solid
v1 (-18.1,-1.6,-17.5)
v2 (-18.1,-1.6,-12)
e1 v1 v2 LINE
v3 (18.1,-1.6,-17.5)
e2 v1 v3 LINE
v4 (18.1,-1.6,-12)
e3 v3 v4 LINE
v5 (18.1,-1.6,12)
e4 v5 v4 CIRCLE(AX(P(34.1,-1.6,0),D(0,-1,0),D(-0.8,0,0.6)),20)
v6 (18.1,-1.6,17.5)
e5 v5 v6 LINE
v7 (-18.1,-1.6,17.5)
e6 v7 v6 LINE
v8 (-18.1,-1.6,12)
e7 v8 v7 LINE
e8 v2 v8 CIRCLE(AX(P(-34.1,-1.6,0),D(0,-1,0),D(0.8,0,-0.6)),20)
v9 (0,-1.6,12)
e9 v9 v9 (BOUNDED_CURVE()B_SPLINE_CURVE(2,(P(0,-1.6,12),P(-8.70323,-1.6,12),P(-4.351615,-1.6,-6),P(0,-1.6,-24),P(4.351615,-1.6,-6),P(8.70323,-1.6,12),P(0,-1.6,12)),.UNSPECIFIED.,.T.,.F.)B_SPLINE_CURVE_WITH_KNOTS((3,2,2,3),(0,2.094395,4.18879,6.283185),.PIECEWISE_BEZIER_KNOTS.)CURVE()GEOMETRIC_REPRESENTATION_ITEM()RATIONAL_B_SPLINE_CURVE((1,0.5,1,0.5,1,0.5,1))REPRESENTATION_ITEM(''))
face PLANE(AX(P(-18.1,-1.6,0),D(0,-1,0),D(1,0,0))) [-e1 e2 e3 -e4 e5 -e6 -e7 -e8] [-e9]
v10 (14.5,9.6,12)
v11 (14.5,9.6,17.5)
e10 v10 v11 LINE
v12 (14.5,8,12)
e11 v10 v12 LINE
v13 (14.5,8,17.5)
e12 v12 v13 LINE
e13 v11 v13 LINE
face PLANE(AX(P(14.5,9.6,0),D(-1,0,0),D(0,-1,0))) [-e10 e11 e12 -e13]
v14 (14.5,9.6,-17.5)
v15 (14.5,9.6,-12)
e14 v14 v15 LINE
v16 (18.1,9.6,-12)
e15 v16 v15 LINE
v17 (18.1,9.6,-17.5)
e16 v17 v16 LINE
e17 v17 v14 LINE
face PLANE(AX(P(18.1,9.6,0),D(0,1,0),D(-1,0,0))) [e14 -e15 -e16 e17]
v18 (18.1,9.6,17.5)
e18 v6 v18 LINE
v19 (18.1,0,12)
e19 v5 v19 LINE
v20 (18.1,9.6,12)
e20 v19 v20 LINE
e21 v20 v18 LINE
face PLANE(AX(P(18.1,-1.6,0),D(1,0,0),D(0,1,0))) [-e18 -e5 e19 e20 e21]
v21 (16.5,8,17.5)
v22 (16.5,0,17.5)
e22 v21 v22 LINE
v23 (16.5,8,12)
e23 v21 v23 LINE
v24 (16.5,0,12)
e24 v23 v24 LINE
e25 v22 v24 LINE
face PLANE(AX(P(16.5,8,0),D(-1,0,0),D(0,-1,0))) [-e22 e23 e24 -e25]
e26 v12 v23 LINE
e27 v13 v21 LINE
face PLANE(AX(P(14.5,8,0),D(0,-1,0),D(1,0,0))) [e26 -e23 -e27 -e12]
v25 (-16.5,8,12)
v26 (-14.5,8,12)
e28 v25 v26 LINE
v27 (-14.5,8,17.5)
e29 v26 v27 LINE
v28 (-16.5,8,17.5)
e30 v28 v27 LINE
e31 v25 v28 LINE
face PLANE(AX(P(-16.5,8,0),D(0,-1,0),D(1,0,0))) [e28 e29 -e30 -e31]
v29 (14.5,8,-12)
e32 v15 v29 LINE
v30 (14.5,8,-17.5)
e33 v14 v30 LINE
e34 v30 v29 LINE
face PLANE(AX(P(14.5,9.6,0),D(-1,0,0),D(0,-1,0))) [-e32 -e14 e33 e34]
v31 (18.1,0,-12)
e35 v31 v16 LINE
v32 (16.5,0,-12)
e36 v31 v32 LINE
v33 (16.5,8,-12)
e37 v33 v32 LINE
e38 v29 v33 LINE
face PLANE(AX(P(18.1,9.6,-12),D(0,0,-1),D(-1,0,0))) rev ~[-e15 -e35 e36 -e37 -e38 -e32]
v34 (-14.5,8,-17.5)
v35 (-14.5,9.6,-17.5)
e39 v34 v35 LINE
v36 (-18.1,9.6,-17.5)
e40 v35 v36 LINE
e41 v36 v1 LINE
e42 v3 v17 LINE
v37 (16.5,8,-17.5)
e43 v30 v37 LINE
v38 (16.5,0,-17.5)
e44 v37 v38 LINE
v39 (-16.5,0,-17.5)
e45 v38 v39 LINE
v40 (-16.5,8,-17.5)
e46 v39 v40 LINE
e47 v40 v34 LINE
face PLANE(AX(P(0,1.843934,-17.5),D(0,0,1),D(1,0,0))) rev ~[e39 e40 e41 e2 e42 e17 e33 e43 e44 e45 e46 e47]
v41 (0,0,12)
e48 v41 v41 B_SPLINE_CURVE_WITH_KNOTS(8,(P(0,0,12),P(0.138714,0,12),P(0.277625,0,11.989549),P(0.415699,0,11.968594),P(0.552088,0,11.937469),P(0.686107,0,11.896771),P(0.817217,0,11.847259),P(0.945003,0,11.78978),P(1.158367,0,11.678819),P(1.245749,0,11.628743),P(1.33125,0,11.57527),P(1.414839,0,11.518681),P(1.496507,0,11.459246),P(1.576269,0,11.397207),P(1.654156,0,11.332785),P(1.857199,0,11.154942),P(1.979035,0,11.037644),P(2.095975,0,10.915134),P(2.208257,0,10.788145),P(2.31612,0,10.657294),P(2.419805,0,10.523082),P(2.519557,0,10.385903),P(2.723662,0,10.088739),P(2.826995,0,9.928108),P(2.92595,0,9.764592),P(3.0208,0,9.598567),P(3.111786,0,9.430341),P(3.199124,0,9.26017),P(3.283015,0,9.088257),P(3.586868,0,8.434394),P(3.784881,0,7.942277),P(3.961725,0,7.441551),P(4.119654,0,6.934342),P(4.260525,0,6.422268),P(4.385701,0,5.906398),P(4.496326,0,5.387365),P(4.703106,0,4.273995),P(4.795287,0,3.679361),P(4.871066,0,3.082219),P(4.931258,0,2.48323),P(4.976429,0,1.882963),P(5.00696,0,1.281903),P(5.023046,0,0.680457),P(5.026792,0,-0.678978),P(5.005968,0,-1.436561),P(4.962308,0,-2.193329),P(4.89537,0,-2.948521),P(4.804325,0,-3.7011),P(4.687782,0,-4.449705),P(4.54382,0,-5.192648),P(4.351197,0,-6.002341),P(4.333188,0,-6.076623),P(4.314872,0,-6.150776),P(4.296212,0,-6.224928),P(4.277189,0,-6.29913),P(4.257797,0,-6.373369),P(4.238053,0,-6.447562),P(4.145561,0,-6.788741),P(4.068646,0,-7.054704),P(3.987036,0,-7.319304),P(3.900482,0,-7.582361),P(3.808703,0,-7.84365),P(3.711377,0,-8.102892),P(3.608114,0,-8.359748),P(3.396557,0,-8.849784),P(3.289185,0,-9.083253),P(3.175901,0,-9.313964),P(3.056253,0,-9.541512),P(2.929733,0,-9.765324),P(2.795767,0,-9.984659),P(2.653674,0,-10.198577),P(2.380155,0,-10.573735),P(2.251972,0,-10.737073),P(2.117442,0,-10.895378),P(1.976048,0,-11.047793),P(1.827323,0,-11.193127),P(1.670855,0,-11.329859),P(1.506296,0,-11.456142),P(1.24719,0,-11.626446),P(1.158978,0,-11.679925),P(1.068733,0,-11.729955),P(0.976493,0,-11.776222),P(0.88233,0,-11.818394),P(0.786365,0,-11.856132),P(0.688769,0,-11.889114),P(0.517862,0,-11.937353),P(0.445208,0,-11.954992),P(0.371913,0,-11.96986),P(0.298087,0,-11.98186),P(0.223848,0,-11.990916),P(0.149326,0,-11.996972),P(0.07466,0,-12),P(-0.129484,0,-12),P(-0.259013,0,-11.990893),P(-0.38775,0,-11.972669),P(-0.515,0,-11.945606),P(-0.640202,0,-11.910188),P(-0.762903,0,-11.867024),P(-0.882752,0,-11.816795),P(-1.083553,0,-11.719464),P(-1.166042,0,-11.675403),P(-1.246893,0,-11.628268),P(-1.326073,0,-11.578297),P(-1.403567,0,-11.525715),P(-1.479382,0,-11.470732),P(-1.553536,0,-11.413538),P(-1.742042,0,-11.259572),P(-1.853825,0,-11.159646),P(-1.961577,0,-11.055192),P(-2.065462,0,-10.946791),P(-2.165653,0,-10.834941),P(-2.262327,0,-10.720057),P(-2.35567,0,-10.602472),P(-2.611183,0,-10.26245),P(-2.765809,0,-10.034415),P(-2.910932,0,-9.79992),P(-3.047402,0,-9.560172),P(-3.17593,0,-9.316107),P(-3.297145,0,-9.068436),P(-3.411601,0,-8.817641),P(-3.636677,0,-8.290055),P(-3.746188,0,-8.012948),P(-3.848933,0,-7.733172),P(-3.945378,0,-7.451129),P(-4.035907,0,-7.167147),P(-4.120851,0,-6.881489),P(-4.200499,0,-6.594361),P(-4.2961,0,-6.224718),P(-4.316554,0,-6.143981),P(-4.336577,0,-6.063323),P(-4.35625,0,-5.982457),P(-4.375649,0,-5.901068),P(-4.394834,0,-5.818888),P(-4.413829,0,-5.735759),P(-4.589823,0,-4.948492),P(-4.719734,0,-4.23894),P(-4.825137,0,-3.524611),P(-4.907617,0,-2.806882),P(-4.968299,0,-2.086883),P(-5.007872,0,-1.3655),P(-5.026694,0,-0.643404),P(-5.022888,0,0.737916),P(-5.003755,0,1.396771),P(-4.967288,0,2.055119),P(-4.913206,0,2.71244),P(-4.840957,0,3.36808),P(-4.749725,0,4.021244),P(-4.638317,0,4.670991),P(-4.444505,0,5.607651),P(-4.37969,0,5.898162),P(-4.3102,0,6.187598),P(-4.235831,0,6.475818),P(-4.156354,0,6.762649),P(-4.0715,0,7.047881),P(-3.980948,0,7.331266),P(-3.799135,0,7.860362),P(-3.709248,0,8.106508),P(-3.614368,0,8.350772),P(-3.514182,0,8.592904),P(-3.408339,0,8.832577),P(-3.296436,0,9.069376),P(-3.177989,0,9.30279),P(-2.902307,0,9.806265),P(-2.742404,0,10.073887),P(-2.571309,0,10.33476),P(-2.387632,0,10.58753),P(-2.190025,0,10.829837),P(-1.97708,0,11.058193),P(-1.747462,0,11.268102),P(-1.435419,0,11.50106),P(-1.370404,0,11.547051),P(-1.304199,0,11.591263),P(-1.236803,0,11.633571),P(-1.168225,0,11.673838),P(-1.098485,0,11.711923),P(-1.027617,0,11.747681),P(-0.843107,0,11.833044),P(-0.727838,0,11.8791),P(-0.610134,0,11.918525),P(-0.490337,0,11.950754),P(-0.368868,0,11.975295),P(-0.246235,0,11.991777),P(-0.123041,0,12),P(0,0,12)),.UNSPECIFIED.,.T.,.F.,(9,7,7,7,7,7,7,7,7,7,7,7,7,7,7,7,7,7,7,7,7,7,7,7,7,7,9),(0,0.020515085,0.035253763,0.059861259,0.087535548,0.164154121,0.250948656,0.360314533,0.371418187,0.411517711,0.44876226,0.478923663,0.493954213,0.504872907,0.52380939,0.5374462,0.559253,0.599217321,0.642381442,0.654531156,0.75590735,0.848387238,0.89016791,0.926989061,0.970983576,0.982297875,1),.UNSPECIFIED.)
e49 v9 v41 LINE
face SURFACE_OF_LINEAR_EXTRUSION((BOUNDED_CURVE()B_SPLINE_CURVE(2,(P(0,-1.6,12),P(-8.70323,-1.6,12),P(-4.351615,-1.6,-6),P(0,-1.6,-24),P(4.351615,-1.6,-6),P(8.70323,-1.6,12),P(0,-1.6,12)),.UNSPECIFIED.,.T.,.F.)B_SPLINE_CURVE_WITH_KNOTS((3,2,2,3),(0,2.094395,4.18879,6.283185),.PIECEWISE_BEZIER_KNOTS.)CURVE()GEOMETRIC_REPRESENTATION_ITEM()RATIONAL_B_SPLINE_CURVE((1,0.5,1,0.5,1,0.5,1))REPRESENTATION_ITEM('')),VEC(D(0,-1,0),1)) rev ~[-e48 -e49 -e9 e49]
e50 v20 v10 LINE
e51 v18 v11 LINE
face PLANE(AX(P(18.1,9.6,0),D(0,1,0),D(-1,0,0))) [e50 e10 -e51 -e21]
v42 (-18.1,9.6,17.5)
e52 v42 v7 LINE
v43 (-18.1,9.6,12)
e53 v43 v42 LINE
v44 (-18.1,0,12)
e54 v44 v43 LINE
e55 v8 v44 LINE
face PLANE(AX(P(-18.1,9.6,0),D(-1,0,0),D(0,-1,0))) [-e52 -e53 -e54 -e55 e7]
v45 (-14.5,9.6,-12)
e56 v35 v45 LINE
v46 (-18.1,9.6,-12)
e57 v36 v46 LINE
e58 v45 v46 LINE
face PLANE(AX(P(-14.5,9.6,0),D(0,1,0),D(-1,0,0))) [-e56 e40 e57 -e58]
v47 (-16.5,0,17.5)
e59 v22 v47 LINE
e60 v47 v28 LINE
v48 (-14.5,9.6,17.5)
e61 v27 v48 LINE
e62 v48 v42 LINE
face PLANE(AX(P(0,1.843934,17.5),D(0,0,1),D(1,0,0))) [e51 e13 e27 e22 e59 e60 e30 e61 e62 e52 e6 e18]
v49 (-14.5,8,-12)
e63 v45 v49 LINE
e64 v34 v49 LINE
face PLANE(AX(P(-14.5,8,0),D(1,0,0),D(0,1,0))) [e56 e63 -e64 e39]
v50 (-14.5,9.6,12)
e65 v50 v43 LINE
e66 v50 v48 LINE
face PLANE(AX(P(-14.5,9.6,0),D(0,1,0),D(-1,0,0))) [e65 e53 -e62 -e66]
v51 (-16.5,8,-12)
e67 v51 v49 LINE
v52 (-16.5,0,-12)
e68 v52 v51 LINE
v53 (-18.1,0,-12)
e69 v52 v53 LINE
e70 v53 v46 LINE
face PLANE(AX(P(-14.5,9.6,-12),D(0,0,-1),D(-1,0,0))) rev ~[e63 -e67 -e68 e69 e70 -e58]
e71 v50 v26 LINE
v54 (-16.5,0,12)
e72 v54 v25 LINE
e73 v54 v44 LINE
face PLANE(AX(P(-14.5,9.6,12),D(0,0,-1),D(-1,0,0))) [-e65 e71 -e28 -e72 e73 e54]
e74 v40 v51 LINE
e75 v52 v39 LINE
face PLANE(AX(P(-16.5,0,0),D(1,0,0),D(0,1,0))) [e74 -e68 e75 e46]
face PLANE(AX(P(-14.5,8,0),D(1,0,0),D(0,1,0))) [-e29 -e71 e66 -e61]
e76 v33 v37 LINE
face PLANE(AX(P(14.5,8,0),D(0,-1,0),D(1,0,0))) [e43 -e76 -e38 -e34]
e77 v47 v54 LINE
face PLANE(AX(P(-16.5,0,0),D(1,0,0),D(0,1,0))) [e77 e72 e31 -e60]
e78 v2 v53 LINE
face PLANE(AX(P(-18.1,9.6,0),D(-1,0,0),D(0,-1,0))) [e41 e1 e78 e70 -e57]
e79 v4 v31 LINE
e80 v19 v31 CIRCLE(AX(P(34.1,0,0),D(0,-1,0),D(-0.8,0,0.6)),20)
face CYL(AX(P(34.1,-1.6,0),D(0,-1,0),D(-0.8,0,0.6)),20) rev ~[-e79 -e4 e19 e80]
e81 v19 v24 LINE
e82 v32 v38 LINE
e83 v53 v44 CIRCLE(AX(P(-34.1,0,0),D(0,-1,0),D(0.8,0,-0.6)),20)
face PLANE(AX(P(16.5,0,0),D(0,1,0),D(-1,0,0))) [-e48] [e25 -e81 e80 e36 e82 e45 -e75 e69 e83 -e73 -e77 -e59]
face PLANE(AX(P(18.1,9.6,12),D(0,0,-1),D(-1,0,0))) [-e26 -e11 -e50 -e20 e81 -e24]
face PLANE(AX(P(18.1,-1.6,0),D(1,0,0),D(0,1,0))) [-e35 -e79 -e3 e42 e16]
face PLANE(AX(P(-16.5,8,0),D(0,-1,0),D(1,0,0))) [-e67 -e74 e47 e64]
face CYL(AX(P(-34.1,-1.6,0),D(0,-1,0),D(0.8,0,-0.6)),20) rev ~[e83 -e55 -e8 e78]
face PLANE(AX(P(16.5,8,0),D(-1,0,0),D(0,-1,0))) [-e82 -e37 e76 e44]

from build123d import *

# Parameters (mm, degrees)
F1_DEPTH = 17.5
F3_DEPTH = 25
F4_W     = 3.6
F4_H     = 24
F5_DEPTH = 9.6


with BuildPart() as f1:
    # F0 (on Top) → F1 (new body, symmetric)
    with BuildSketch(Plane.XY):
        Polygon((-16.5, 0), (-16.5, 8), (-14.5, 8), (-14.5, 9.6), (-18.1, 9.6), (-18.1, -1.6), (18.1, -1.6), (18.1, 9.6), (14.5, 9.6), (14.5, 8), (16.5, 8), (16.5, 0), align=None)
    extrude(amount=F1_DEPTH, both=True)

    # F2 (on face) → F3 (cut)
    with BuildSketch(Plane.XZ.offset(1.6)):
        with BuildLine():
            Line((-18.1, 12), (-18.1, -12))
            ThreePointArc((-18.1, -12), (-14.1, 0), (-18.1, 12))
        make_face()
        with BuildLine():
            Line((18.1, -12), (18.1, 12))
            ThreePointArc((18.1, 12), (14.1, 0), (18.1, -12))
        make_face()
        with BuildLine():
            add(Edge.make_bspline(
                [(0, 12), (-8.70323, 12), (-4.351615, -6), (0, -24), (4.351615, -6), (8.70323, 12), (0, 12)],
                knots=[0, 0, 0, 2.094395, 2.094395, 4.18879, 4.18879, 6.283185, 6.283185, 6.283185], degree=2, weights=[1, 0.5, 1, 0.5, 1, 0.5, 1]))
        make_face()
    extrude(amount=-F3_DEPTH, mode=Mode.SUBTRACT)

    # F4 (on face) → F5 (cut, through all)
    with BuildSketch(Plane(origin=(0, 9.6, 0), x_dir=(-1, 0, 0), z_dir=(0, 1, 0))):
        with Locations((-16.3, 0)):
            Rectangle(F4_W, F4_H)
        with Locations((16.3, 0)):
            Rectangle(F4_W, F4_H)
    extrude(amount=-F5_DEPTH, mode=Mode.SUBTRACT)


solid = f1.part
